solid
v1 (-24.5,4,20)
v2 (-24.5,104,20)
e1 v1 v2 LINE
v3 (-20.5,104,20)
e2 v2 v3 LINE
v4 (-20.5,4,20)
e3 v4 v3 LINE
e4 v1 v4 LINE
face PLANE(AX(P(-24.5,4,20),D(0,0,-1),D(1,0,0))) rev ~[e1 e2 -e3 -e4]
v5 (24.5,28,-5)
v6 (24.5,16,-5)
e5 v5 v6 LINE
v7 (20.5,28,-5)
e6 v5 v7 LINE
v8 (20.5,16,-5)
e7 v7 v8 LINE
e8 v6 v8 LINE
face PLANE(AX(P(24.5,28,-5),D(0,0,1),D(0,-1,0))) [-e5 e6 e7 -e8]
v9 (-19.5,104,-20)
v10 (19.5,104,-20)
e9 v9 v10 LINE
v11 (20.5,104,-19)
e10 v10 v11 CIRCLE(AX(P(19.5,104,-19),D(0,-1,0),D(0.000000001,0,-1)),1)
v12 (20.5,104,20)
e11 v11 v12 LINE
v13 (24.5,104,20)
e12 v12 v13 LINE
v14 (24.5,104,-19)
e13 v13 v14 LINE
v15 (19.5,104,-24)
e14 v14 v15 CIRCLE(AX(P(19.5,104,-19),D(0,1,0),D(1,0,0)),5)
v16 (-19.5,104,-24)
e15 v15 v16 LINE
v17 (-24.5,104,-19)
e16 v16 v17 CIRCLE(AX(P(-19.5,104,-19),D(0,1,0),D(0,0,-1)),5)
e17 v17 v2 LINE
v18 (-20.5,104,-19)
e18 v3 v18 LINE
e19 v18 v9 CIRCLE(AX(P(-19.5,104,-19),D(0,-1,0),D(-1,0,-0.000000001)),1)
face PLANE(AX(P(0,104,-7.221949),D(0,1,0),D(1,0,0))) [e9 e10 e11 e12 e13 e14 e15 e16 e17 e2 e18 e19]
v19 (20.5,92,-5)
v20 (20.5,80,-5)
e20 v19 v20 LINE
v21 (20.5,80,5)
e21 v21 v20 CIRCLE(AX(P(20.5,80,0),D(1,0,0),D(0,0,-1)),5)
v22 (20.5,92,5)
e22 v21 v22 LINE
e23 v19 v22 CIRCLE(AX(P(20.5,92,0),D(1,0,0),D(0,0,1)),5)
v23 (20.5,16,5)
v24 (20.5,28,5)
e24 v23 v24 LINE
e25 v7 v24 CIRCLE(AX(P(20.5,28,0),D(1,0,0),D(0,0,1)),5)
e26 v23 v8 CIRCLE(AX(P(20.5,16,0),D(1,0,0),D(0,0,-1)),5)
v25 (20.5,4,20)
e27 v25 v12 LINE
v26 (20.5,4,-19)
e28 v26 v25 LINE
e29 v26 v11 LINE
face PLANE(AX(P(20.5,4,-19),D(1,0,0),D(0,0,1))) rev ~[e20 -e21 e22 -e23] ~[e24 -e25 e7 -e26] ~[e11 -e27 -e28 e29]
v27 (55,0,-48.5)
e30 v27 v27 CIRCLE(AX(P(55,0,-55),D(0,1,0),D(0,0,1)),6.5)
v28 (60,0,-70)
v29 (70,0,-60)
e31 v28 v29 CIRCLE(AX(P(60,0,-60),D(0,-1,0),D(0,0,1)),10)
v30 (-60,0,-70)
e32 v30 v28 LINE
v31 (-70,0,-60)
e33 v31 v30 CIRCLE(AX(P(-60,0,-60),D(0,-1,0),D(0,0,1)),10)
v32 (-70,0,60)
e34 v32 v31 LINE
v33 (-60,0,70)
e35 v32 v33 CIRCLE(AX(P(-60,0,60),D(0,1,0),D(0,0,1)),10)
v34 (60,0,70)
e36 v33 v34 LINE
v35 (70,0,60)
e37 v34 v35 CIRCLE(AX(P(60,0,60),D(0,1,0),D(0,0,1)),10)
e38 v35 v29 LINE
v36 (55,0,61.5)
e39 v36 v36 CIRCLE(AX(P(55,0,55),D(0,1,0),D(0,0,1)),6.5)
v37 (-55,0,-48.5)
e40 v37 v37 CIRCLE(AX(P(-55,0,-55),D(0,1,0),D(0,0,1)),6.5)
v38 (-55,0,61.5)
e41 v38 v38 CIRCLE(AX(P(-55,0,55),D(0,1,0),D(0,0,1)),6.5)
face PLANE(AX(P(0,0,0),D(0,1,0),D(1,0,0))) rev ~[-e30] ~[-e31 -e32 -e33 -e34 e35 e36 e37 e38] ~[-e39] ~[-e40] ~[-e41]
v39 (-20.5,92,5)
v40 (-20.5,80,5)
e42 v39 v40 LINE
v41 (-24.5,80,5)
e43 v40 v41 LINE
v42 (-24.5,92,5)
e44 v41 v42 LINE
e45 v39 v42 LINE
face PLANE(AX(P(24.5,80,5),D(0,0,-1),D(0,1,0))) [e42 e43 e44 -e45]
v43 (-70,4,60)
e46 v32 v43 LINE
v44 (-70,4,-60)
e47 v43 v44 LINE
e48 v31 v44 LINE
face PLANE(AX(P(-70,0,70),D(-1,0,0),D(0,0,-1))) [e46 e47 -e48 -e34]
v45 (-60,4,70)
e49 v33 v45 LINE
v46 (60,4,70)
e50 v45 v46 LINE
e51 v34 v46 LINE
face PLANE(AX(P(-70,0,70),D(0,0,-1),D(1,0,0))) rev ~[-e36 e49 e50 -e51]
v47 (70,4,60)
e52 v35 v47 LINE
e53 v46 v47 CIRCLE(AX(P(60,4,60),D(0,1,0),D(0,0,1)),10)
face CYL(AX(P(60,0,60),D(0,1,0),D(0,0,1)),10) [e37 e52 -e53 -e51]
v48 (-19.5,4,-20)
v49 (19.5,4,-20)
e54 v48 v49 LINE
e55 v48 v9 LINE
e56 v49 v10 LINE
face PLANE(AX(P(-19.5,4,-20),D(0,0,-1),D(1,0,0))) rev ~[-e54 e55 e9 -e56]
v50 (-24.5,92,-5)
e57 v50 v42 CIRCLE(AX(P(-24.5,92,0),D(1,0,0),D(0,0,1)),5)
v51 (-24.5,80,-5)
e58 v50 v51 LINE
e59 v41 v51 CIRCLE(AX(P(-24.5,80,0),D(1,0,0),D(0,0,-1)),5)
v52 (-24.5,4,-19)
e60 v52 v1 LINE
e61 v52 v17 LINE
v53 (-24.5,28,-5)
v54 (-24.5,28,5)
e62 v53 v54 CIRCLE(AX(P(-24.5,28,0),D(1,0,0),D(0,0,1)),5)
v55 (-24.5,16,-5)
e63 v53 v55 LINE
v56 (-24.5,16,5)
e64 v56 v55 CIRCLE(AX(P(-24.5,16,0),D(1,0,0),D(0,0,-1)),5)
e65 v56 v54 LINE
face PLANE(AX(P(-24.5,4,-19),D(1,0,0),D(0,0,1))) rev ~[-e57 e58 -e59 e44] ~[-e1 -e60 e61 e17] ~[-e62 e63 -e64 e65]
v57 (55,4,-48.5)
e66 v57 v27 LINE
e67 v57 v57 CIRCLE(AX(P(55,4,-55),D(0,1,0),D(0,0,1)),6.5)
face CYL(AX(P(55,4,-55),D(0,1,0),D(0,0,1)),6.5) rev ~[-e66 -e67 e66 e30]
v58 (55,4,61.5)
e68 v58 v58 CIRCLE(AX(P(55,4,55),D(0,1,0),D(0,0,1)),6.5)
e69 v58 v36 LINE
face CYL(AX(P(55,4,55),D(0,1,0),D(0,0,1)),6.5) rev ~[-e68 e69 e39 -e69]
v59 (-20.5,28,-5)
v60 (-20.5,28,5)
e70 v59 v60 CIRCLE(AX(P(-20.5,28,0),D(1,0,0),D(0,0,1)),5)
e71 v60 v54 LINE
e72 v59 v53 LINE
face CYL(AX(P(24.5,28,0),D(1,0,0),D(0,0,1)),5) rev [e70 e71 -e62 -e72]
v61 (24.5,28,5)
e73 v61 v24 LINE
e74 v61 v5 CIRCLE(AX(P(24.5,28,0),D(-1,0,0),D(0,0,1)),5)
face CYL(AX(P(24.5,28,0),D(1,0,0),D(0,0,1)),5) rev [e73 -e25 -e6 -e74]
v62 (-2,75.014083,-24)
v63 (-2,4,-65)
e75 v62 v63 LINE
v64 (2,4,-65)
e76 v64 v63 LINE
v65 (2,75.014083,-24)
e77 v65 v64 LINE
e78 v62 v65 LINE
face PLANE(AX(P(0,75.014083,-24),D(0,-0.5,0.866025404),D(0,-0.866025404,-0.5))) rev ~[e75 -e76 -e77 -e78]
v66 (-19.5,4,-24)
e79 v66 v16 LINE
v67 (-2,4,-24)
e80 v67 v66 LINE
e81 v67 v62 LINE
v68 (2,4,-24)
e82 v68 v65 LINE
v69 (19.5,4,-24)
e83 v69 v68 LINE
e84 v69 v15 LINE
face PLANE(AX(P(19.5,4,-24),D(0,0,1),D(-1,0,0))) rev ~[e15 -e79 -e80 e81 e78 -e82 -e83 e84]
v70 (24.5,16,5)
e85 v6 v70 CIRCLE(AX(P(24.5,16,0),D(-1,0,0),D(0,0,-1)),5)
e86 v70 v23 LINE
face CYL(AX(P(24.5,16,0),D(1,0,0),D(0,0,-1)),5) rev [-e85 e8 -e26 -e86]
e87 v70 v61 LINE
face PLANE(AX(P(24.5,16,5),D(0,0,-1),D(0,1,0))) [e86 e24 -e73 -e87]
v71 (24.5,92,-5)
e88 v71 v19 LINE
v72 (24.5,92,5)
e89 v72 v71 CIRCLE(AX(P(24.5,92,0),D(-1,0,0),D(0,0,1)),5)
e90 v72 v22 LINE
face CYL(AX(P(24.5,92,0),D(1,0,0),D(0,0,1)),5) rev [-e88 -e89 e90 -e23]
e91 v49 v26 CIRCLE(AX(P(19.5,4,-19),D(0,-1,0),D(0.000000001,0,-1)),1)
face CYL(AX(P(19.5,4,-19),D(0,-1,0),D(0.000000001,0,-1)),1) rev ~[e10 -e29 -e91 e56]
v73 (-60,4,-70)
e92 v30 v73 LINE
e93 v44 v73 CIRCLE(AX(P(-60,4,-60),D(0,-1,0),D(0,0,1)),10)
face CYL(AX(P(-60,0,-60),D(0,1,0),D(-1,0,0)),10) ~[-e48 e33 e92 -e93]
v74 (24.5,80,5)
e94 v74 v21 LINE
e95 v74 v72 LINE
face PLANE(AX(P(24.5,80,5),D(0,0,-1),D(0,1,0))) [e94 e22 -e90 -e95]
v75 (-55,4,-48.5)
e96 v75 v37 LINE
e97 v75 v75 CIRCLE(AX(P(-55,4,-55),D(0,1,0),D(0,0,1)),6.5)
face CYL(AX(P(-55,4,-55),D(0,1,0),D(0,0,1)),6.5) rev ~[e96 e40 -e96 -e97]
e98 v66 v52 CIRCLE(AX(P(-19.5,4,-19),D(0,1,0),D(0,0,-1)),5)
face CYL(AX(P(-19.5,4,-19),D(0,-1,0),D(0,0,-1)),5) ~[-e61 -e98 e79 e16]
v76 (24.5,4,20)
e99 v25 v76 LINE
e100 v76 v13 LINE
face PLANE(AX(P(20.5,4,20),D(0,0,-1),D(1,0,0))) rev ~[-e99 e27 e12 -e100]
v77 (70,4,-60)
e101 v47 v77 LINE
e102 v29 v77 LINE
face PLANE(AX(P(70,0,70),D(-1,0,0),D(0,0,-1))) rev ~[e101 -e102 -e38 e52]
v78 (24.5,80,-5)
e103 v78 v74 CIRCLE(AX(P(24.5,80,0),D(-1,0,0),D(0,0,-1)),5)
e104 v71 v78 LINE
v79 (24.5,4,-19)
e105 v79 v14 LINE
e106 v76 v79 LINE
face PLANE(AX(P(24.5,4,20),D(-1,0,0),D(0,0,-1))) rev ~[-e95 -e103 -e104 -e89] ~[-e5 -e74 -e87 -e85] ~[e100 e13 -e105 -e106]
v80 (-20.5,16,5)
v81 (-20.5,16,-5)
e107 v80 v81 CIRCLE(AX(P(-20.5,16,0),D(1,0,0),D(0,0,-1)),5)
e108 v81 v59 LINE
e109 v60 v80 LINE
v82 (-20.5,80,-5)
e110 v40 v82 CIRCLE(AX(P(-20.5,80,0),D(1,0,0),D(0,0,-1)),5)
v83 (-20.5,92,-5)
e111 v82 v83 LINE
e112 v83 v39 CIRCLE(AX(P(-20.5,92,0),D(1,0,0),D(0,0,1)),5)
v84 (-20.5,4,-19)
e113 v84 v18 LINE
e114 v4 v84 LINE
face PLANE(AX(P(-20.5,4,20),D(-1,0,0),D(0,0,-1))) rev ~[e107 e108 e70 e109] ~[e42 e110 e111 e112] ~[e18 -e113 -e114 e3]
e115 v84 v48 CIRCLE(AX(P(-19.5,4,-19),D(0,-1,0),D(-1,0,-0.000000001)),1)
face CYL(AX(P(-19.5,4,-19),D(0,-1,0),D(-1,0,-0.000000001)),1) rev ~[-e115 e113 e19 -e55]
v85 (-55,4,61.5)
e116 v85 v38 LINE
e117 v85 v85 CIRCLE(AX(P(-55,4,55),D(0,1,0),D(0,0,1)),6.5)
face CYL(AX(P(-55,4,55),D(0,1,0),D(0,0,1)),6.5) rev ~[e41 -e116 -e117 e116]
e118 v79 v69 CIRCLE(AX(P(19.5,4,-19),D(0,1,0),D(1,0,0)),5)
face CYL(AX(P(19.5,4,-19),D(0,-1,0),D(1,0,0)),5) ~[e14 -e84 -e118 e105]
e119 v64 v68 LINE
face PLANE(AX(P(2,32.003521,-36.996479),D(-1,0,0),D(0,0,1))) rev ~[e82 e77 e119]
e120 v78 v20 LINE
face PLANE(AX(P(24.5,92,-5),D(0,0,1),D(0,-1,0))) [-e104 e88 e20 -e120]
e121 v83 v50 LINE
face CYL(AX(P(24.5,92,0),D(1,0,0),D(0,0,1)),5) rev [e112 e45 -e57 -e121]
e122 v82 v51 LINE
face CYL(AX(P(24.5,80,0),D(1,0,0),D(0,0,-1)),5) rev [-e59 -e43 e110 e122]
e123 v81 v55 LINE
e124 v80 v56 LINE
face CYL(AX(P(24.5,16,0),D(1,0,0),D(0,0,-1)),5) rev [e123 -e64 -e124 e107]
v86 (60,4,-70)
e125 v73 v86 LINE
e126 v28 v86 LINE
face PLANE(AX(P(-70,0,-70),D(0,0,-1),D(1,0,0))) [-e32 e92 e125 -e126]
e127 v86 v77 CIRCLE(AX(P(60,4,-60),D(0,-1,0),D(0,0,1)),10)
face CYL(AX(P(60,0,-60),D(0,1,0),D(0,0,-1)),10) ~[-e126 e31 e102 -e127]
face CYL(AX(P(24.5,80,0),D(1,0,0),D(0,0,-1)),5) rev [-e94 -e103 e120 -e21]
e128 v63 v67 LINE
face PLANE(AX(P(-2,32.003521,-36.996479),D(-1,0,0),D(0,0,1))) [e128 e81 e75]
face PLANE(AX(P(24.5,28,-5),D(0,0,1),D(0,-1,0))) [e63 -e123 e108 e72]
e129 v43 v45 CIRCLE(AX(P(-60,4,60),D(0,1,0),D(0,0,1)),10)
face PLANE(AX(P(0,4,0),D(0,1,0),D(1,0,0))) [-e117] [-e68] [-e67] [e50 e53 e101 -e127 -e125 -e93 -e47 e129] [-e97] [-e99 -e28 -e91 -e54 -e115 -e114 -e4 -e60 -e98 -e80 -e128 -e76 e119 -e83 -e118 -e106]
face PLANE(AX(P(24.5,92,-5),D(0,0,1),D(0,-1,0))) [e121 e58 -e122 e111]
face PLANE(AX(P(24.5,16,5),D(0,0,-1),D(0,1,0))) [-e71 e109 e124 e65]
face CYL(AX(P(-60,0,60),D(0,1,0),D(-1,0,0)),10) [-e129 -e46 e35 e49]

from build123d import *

# Parameters (mm, degrees)
SKETCH_2_W          = 140
SKETCH_2_H          = 140
EXTRUDE_1_DEPTH     = 4
EXTRUDE_1_2_DEPTH   = 100
EXTRUDE_2_DEPTH     = 2
CUT_EXTRUDE_1_DEPTH = 95.5
SKETCH_6_R          = 6.5
CUT_EXTRUDE_2_DEPTH = 5
FILLET_1_R          = 10


with BuildPart() as part:
    # Эскиз2 → Extrude 1 (new body)
    with BuildSketch(Plane(origin=(0, 0, 0), x_dir=(1, 0, 0), z_dir=(0, 1, 0))):
        Rectangle(SKETCH_2_W, SKETCH_2_H)
    extrude(amount=EXTRUDE_1_DEPTH)

    # Эскиз3 → Extrude 1 2 (add)
    with BuildSketch(Plane(origin=(0, 4, 0), x_dir=(1, 0, 0), z_dir=(0, 1, 0))):
        with BuildLine():
            Line((-20.5, -20), (-20.5, 19))
            ThreePointArc((-20.5, 19), (-20.207106781, 19.707106781), (-19.5, 20))
            Line((-19.5, 20), (19.5, 20))
            ThreePointArc((19.5, 20), (20.207106781, 19.707106781), (20.5, 19))
            Line((20.5, 19), (20.5, -20))
            Line((20.5, -20), (24.5, -20))
            Line((24.5, -20), (24.5, 19))
            ThreePointArc((24.5, 19), (23.035533906, 22.535533906), (19.5, 24))
            Line((19.5, 24), (-19.5, 24))
            ThreePointArc((-19.5, 24), (-23.035533906, 22.535533906), (-24.5, 19))
            Line((-24.5, 19), (-24.5, -20))
            Line((-24.5, -20), (-20.5, -20))
        make_face()
    extrude(amount=EXTRUDE_1_2_DEPTH)

    # Эскиз4 → Бобышка-Вытянуть2 (add, symmetric)
    with BuildSketch(Plane(origin=(0, 0, 0), x_dir=(0, 0, -1), z_dir=(1, 0, 0))):
        Polygon((24, 75.01408311), (65, 4), (24, 4), align=None)
    extrude(amount=EXTRUDE_2_DEPTH, both=True)

    # Эскиз5 → Вырез-Вытянуть1 (cut, through all)
    with BuildSketch(Plane(origin=(24.5, 0, 0), x_dir=(0, 0, -1), z_dir=(1, 0, 0))):
        with BuildLine():
            Line((5, 92), (5, 80))
            ThreePointArc((5, 80), (0, 75), (-5, 80))
            Line((-5, 80), (-5, 92))
            ThreePointArc((-5, 92), (0, 97), (5, 92))
        make_face()
        with BuildLine():
            Line((5, 28), (5, 16))
            ThreePointArc((5, 16), (0, 11), (-5, 16))
            Line((-5, 16), (-5, 28))
            ThreePointArc((-5, 28), (0, 33), (5, 28))
        make_face()
    extrude(amount=-CUT_EXTRUDE_1_DEPTH, mode=Mode.SUBTRACT)

    # Эскиз6 → Вырез-Вытянуть2 (cut, through all)
    with BuildSketch(Plane(origin=(0, 4, 0), x_dir=(1, 0, 0), z_dir=(0, 1, 0))):
        with Locations(Location((-55, 55, 0), (0, 0, 270))):  # turned: the seam where the file's is
            Circle(SKETCH_6_R)
        with Locations(Location((-55, -55, 0), (0, 0, 270))):  # turned: the seam where the file's is
            Circle(SKETCH_6_R)
        with Locations(Location((55, 55, 0), (0, 0, 270))):  # turned: the seam where the file's is
            Circle(SKETCH_6_R)
        with Locations(Location((55, -55, 0), (0, 0, 270))):  # turned: the seam where the file's is
            Circle(SKETCH_6_R)
    extrude(amount=-CUT_EXTRUDE_2_DEPTH, mode=Mode.SUBTRACT)

    # Скругление1
    fillet_1_edges = [part.edges().sort_by_distance(p)[0] for p in [
        (70, 2, 70),
        (-70, 2, 70),
        (-70, 2, -70),
        (70, 2, -70),
    ]]
    fillet(fillet_1_edges, radius=FILLET_1_R)


solid = part.part
